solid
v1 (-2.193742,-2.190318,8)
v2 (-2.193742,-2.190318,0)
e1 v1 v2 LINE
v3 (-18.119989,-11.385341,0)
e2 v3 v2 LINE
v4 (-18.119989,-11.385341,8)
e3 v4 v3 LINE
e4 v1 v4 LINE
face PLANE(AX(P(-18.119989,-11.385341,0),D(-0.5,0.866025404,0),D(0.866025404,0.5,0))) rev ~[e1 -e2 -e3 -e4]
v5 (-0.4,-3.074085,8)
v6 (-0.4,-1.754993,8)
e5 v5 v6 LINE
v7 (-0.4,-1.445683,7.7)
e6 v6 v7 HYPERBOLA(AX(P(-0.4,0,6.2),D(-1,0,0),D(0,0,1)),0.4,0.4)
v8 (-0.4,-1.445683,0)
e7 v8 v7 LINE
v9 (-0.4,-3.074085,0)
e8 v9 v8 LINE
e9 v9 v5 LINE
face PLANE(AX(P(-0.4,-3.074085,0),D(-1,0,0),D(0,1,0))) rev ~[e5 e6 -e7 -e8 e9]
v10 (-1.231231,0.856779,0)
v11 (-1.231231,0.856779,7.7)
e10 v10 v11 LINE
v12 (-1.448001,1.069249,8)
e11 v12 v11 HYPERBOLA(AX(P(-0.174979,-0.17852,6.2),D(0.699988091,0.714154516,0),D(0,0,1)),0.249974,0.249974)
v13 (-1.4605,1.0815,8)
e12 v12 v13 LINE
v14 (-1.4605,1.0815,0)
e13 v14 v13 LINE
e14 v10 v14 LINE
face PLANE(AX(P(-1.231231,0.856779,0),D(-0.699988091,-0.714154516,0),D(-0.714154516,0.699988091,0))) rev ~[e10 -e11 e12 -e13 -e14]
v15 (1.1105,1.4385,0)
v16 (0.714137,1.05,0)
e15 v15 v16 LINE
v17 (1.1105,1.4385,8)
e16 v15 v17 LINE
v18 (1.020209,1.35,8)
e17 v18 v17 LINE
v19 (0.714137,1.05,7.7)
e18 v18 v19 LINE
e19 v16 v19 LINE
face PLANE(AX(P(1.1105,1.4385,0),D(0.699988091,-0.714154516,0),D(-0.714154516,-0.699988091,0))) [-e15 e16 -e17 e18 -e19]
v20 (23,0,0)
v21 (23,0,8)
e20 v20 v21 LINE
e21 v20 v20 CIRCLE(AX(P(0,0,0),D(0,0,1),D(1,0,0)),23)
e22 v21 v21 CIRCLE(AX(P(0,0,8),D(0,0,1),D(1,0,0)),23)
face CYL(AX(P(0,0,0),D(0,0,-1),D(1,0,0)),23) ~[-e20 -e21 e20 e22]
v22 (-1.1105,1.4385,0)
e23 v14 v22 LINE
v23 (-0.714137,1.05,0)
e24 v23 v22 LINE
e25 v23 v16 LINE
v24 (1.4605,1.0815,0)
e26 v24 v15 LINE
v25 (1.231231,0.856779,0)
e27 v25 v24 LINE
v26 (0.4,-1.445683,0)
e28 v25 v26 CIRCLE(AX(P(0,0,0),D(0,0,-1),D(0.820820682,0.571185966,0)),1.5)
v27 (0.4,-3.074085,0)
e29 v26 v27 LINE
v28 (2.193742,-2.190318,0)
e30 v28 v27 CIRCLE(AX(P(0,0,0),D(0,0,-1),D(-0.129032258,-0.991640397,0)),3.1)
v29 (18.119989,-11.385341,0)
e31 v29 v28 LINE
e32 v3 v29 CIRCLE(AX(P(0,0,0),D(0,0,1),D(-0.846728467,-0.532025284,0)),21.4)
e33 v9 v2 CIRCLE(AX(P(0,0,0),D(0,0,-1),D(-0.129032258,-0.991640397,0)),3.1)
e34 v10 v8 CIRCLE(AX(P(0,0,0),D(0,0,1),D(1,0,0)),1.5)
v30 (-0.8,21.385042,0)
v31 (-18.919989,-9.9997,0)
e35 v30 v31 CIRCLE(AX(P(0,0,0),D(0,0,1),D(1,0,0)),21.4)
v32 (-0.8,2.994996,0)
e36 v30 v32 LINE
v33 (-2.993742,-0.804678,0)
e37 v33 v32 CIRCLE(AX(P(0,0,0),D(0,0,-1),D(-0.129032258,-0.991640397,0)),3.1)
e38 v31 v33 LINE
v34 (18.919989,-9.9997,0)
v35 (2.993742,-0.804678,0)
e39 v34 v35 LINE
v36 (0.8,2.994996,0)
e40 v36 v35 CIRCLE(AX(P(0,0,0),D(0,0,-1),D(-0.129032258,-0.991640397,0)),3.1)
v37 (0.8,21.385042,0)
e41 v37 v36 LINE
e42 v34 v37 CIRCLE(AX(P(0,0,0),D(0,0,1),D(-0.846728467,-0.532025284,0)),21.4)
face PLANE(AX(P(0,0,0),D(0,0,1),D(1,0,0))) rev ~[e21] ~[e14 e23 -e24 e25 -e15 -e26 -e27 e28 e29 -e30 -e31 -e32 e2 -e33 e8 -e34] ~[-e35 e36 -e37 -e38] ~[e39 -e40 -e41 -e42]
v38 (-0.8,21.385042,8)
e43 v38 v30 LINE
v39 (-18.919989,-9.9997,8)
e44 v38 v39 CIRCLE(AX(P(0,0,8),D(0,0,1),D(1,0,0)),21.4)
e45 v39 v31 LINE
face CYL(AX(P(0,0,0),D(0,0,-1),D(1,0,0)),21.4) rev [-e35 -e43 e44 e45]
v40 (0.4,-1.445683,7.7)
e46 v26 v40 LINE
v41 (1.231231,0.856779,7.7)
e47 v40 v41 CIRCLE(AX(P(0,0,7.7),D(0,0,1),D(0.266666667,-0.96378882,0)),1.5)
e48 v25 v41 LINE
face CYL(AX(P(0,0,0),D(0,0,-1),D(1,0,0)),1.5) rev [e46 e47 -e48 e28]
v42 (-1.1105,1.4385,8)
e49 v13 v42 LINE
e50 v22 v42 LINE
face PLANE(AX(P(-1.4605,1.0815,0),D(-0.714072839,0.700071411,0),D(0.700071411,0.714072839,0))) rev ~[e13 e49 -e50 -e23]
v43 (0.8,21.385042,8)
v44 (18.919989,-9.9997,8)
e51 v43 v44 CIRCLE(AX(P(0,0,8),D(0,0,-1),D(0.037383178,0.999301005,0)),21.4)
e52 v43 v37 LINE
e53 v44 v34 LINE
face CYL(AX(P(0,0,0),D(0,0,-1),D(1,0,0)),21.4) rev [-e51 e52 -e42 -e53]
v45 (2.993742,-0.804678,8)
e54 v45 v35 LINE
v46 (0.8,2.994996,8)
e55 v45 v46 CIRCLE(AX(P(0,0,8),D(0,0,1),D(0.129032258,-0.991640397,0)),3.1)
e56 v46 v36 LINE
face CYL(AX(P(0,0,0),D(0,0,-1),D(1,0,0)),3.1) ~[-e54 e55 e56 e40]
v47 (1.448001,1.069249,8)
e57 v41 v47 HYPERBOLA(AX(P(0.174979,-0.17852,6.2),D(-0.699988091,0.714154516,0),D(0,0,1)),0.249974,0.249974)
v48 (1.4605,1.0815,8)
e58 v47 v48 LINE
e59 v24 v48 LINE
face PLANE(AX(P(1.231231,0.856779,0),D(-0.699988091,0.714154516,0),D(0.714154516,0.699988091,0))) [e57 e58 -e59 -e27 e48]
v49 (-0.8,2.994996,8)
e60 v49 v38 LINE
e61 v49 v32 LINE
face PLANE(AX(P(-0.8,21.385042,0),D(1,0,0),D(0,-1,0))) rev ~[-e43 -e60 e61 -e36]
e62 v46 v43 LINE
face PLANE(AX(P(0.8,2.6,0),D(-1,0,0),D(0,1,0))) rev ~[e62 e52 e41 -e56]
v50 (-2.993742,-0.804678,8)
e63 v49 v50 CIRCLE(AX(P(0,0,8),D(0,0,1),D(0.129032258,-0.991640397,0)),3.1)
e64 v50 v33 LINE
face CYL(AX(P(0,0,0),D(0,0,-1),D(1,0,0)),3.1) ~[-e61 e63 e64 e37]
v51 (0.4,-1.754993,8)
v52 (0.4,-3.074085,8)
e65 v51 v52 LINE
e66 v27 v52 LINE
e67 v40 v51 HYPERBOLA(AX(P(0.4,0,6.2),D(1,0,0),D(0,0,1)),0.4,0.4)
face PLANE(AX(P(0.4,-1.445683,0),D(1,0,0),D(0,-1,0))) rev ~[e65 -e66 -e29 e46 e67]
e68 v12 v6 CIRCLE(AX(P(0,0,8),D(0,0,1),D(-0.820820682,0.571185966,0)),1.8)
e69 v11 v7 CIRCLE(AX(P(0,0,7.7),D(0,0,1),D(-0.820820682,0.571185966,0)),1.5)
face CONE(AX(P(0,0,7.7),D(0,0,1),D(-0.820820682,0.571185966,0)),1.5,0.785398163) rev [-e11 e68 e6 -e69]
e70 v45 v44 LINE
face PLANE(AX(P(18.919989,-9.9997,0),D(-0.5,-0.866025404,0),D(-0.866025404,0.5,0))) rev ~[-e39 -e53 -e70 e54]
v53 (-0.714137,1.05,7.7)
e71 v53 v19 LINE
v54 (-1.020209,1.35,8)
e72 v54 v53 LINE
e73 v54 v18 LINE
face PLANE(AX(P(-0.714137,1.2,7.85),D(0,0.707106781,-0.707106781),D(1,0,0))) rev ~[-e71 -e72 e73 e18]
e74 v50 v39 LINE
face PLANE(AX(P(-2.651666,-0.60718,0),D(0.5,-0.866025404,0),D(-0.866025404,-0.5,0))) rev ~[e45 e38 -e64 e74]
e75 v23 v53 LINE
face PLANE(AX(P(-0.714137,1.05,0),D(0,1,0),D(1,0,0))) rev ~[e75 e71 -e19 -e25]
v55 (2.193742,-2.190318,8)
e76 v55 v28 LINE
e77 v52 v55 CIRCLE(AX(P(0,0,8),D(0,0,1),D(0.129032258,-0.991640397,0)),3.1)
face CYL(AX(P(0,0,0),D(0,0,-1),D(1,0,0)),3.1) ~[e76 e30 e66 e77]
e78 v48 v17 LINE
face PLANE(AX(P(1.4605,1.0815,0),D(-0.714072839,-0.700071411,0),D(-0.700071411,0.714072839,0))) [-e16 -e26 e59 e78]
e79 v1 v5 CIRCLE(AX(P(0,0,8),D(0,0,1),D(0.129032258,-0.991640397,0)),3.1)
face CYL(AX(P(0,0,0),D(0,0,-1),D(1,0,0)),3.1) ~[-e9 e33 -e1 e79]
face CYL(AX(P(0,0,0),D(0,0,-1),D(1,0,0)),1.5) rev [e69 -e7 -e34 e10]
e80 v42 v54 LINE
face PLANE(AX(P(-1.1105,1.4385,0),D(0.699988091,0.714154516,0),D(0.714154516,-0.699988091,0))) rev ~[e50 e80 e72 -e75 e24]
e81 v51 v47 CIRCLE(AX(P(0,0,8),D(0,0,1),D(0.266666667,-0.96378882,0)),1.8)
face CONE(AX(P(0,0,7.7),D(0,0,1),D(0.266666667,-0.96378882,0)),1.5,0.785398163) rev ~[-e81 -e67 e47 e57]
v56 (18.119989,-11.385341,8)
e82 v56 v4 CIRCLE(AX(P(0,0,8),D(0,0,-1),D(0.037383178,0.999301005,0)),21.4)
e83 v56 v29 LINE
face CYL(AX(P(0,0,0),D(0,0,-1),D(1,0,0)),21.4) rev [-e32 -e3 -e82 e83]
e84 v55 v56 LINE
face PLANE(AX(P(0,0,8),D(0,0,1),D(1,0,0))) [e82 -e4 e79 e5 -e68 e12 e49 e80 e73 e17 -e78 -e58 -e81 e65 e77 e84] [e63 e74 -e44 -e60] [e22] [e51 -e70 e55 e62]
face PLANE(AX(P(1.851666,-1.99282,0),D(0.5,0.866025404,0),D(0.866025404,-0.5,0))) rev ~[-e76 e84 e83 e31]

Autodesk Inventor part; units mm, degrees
ref_plane "YZ Plane" through (0, 0, 0) normal (1, 0, 0) x (0, 1, 0)
ref_plane "XZ Plane" through (0, 0, 0) normal (0, 1, 0) x (-1, 0, 0)
ref_plane "XY Plane" through (0, 0, 0) normal (0, 0, 1) x (1, 0, 0)
sketch "スケッチ1" plane through (0, 0, 0) normal (0, 0, 1) x (1, 0, 0)
  circle A0 centre (0, 0) radius 1.5
  circle A1 centre (0, 0) radius 3.1
  line L0 (-0.4, 0) -> (0.4, 0)
  line L1 (0.4, 0) -> (0.4, -3.1)
  line L2 (0.4, -3.1) -> (-0.4, -3.1)
  line L3 (-0.4, -3.1) -> (-0.4, 0)
  line L4 (-1.0712, 1.05) -> (1.0712, 1.05)
  circle A2 centre (0, 0) radius 23
  circle A3 centre (0, 0) radius 21.4
  line L5 (-1.4605, 1.0815) -> (-1.1105, 1.4385)
  line L6 (-1.1105, 1.4385) -> (0.175, 0.1785)
  line L7 (0.175, 0.1785) -> (-0.175, -0.1785)
  line L8 (-0.175, -0.1785) -> (-1.4605, 1.0815)
  line L9 (1.4605, 1.0815) -> (1.1105, 1.4385)
  line L10 (1.1105, 1.4385) -> (-0.175, 0.1785)
  line L11 (-0.175, 0.1785) -> (0.175, -0.1785)
  line L12 (0.175, -0.1785) -> (1.4605, 1.0815)
  line L13 (0, 0) -> (-1.0712, 1.05) construction
  line L14 (1.0712, 1.05) -> (0, 0) construction
  point P0 (0.4, -1.4457)
  point P1 (0.4, -3.0741)
  point P2 (-0.4, -3.0741)
  point P3 (-0.4, -1.4457)
  point P4 (-0.7141, 1.05)
  point P5 (0.7141, 1.05)
  point P6 (1.2312, 0.8568)
  point P7 (-1.2312, 0.8568)
  dimension "SHAFT_D" = 3
  dimension "SLIT" = 0.8
  dimension "HUB_THIN" = 1.6
  dimension "d3" = 1.05
  dimension "WHEEL_D" = 46
  dimension "d5" = 1.6
  dimension "d18" = 0.5
  dimension "d19" = 1.8
extrude "ハブ＆リム" add sketch "スケッチ1" along normal blind 8 contours A0 L12 L9 L10 L6 L5 L8 L3 A1 L1 | L10 L4 L6 A0 | A2
sketch "スケッチ2" plane through (0, 0, 0) normal (0, 0, 1) x (1, 0, 0)
  line L0 (-0.8, 2.6) -> (0.8, 2.6)
  line L1 (0.8, 2.6) -> (0.8, 21.4)
  line L2 (0.8, 21.4) -> (-0.8, 21.4)
  line L3 (-0.8, 21.4) -> (-0.8, 2.6)
  circle A0 centre (0, 0) radius 21.4 projected
  point P0 (0, 21.4)
  dimension "d8" = 1.6
  dimension "d9" = 2.6
extrude "スポーク" add sketch "スケッチ2" along normal up to surface (8 mm away) contours L3 A0 L1 L0 | L3 L2 A0 | A0 L2 L1 picked at (0, 8.8667)
pattern_circular "円形状パターン1" count 3 over 360 about axis through (0, 0, -10) along (0, 0, 1) of "スポーク"
chamfer "面取り1" distance 0.3 angle 45 3 edges at (-1.4109, -0.5094, 8) (0, 1.05, 8) (1.4109, -0.5094, 8)
equation "\"d5\" = HUB_THIN"
properties part number "D-Shaft_Wheel2"
